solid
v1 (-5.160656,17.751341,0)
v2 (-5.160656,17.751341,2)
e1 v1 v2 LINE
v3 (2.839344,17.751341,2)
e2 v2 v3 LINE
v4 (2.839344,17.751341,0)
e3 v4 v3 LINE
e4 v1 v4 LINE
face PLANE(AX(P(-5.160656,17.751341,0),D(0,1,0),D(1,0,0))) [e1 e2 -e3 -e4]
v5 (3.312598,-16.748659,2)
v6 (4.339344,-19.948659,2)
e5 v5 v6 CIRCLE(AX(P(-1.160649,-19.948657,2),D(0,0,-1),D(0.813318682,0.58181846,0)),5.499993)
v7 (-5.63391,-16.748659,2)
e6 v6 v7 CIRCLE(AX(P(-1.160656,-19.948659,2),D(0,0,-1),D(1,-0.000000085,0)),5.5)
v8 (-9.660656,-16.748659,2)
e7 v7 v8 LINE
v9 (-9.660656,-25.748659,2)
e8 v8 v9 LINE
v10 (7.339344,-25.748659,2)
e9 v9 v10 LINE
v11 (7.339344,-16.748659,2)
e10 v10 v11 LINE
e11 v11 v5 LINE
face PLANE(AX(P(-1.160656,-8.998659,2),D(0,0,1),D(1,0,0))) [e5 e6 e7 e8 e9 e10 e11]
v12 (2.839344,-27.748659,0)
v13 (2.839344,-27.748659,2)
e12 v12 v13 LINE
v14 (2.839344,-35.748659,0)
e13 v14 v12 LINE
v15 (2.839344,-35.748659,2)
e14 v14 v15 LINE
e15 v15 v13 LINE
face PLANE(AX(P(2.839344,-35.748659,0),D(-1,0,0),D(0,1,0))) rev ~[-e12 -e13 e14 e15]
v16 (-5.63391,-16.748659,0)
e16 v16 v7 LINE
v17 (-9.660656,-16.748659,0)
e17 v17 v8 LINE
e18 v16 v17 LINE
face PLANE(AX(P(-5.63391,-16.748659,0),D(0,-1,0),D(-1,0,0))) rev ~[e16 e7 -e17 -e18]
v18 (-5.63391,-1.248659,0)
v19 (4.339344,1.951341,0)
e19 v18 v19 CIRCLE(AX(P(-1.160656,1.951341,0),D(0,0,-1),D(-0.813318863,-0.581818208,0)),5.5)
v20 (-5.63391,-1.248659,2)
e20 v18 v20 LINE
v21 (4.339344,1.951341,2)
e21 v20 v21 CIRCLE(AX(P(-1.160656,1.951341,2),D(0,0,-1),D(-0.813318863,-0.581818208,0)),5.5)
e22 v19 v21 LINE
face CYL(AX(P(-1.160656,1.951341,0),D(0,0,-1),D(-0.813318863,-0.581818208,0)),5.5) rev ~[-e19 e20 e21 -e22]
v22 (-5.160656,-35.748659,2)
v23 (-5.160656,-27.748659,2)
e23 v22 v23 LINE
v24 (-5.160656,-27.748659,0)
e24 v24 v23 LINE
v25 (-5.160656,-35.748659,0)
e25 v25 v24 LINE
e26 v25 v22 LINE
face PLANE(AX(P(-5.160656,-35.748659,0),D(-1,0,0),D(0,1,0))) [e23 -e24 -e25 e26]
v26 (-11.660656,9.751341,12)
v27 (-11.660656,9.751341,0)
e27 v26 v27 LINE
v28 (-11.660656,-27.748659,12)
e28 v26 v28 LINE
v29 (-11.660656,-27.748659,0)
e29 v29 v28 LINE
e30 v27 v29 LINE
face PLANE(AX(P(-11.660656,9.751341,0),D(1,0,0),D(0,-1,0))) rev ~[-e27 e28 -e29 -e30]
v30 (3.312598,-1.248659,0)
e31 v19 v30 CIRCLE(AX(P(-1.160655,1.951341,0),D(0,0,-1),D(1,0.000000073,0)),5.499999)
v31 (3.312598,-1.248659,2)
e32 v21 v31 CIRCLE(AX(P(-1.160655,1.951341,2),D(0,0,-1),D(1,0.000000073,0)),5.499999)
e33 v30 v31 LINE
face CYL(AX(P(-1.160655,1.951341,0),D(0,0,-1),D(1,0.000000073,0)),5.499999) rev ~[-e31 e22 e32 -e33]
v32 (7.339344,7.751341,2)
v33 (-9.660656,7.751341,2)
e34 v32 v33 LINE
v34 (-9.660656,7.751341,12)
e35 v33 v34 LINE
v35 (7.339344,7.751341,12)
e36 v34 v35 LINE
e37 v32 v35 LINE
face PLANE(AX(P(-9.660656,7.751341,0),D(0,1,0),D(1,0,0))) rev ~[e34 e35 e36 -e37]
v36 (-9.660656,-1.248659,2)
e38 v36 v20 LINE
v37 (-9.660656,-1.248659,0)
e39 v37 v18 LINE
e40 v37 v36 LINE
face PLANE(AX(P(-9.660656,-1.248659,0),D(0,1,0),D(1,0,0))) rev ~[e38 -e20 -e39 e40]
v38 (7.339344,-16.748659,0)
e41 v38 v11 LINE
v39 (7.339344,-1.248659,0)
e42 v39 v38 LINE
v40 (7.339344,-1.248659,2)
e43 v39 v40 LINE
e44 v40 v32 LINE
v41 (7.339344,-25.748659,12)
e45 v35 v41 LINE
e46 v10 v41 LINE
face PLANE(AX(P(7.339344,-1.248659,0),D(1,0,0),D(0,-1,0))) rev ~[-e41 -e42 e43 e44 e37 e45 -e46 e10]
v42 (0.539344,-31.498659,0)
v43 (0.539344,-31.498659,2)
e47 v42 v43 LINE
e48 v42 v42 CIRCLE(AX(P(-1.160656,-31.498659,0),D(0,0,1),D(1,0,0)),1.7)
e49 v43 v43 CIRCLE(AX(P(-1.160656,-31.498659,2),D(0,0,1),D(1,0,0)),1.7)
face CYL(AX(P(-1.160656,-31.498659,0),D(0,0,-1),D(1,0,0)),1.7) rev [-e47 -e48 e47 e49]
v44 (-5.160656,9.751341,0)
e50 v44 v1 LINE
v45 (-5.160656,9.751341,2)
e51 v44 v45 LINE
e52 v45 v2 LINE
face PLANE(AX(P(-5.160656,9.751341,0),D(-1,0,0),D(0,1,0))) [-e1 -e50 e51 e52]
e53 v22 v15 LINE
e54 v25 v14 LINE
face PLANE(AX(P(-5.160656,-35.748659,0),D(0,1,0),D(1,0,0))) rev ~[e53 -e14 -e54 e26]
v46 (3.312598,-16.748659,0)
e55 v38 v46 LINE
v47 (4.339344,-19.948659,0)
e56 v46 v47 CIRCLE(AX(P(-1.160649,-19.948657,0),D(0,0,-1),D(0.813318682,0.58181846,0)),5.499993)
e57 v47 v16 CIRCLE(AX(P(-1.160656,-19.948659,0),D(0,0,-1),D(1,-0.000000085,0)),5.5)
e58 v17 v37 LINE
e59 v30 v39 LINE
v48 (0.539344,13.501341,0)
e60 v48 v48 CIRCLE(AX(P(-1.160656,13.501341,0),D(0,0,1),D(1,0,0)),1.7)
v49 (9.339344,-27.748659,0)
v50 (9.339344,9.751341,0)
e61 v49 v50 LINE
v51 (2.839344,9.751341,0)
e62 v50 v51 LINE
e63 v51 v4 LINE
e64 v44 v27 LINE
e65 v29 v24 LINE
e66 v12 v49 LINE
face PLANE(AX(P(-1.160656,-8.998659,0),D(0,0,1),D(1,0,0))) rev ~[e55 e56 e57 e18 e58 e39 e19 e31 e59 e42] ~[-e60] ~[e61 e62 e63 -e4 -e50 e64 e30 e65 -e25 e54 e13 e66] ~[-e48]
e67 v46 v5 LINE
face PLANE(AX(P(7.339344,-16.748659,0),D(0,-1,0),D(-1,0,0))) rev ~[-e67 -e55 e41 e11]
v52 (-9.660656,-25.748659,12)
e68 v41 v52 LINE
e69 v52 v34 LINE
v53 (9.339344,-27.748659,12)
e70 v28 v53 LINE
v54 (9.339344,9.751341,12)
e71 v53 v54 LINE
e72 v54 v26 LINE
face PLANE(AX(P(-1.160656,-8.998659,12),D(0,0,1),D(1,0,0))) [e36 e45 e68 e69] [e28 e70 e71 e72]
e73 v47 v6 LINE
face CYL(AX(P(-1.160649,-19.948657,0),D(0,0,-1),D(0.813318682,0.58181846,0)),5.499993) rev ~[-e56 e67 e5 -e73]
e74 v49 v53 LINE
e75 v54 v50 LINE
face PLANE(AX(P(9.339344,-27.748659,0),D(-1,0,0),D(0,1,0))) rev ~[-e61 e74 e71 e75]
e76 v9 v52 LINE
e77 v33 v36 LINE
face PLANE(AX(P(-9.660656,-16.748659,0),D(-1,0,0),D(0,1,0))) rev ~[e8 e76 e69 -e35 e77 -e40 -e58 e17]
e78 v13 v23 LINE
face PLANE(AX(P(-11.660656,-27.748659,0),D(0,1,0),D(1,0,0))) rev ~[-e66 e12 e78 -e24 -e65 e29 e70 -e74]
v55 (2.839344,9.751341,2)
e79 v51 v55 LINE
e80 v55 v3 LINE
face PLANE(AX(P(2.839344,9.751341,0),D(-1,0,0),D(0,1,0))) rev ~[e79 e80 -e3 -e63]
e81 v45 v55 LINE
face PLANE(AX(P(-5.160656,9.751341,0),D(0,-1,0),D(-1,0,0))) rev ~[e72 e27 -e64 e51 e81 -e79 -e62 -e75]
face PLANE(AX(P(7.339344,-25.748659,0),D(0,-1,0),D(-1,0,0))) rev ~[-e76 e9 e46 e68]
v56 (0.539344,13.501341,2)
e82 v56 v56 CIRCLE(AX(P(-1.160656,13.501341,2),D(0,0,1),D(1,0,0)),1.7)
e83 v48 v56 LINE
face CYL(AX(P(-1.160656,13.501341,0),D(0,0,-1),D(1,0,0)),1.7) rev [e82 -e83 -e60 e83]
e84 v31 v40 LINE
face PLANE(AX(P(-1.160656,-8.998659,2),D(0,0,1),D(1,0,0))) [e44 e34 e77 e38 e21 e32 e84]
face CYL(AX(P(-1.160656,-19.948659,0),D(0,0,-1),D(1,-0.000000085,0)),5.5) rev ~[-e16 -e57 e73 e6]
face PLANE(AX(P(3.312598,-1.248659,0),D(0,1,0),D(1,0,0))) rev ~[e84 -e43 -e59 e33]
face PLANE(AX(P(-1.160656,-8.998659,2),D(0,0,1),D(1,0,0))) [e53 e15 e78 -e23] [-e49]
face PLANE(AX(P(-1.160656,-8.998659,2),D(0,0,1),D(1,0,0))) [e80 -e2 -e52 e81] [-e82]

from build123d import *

# Parameters (mm, degrees)
F0_W     = 8
F0_H     = 8
F0_R     = 1.7
F1_DEPTH = 2
F2_DEPTH = 12


with BuildPart() as f1:
    # F0 (on Top) → F1 (new body)
    with BuildSketch(Plane.XY):
        Polygon((-5.160656, 9.751341), (-11.660656, 9.751341), (-11.660656, -27.748659), (-5.160656, -27.748659), (2.839344, -27.748659), (9.339344, -27.748659), (9.339344, 9.751341), (2.839344, 9.751341), align=None)
        Polygon((-9.660656, -1.248659), (-9.660656, 7.751341), (7.339344, 7.751341), (7.339344, -1.248659), (7.339344, -16.748659), (7.339344, -25.748659), (-9.660656, -25.748659), (-9.660656, -16.748659), align=None, mode=Mode.SUBTRACT)
        with BuildLine():
            Line((7.339344, 7.751341), (-9.660656, 7.751341))
            Line((-9.660656, 7.751341), (-9.660656, -1.248659))
            Line((-9.660656, -1.248659), (-5.63391, -1.248659))
            ThreePointArc((-5.63391, -1.248659), (-2.840999, 7.188368), (4.339344, 1.951341))
            ThreePointArc((4.339344, 1.951341), (4.076371, 0.270999), (3.312598, -1.248659))
            Line((3.312598, -1.248659), (7.339344, -1.248659))
            Line((7.339344, -1.248659), (7.339344, 7.751341))
        make_face()
        with BuildLine():
            Line((-5.63391, -16.748659), (-9.660656, -16.748659))
            Line((-9.660656, -16.748659), (-9.660656, -25.748659))
            Line((-9.660656, -25.748659), (7.339344, -25.748659))
            Line((7.339344, -25.748659), (7.339344, -16.748659))
            Line((7.339344, -16.748659), (3.312598, -16.748659))
            ThreePointArc((3.312598, -16.748659), (4.076371, -18.268316), (4.339344, -19.948659))
            ThreePointArc((4.339344, -19.948659), (-2.840999, -25.185685), (-5.63391, -16.748659))
        make_face()
        with Locations((-1.160656, 13.751341)):
            Rectangle(F0_W, F0_H)
        with Locations((-1.160656, 13.501341)):
            Circle(F0_R, mode=Mode.SUBTRACT)
        with Locations((-1.160656, -31.748659)):
            Rectangle(F0_W, F0_H)
        with Locations((-1.160656, -31.498659)):
            Circle(F0_R, mode=Mode.SUBTRACT)
    extrude(amount=F1_DEPTH)

    # F0 (on Top) → F2 (join)
    with BuildSketch(Plane.XY):
        Polygon((-5.160656, 9.751341), (-11.660656, 9.751341), (-11.660656, -27.748659), (-5.160656, -27.748659), (2.839344, -27.748659), (9.339344, -27.748659), (9.339344, 9.751341), (2.839344, 9.751341), align=None)
        Polygon((-9.660656, -1.248659), (-9.660656, 7.751341), (7.339344, 7.751341), (7.339344, -1.248659), (7.339344, -16.748659), (7.339344, -25.748659), (-9.660656, -25.748659), (-9.660656, -16.748659), align=None, mode=Mode.SUBTRACT)
    extrude(amount=F2_DEPTH)


solid = f1.part
